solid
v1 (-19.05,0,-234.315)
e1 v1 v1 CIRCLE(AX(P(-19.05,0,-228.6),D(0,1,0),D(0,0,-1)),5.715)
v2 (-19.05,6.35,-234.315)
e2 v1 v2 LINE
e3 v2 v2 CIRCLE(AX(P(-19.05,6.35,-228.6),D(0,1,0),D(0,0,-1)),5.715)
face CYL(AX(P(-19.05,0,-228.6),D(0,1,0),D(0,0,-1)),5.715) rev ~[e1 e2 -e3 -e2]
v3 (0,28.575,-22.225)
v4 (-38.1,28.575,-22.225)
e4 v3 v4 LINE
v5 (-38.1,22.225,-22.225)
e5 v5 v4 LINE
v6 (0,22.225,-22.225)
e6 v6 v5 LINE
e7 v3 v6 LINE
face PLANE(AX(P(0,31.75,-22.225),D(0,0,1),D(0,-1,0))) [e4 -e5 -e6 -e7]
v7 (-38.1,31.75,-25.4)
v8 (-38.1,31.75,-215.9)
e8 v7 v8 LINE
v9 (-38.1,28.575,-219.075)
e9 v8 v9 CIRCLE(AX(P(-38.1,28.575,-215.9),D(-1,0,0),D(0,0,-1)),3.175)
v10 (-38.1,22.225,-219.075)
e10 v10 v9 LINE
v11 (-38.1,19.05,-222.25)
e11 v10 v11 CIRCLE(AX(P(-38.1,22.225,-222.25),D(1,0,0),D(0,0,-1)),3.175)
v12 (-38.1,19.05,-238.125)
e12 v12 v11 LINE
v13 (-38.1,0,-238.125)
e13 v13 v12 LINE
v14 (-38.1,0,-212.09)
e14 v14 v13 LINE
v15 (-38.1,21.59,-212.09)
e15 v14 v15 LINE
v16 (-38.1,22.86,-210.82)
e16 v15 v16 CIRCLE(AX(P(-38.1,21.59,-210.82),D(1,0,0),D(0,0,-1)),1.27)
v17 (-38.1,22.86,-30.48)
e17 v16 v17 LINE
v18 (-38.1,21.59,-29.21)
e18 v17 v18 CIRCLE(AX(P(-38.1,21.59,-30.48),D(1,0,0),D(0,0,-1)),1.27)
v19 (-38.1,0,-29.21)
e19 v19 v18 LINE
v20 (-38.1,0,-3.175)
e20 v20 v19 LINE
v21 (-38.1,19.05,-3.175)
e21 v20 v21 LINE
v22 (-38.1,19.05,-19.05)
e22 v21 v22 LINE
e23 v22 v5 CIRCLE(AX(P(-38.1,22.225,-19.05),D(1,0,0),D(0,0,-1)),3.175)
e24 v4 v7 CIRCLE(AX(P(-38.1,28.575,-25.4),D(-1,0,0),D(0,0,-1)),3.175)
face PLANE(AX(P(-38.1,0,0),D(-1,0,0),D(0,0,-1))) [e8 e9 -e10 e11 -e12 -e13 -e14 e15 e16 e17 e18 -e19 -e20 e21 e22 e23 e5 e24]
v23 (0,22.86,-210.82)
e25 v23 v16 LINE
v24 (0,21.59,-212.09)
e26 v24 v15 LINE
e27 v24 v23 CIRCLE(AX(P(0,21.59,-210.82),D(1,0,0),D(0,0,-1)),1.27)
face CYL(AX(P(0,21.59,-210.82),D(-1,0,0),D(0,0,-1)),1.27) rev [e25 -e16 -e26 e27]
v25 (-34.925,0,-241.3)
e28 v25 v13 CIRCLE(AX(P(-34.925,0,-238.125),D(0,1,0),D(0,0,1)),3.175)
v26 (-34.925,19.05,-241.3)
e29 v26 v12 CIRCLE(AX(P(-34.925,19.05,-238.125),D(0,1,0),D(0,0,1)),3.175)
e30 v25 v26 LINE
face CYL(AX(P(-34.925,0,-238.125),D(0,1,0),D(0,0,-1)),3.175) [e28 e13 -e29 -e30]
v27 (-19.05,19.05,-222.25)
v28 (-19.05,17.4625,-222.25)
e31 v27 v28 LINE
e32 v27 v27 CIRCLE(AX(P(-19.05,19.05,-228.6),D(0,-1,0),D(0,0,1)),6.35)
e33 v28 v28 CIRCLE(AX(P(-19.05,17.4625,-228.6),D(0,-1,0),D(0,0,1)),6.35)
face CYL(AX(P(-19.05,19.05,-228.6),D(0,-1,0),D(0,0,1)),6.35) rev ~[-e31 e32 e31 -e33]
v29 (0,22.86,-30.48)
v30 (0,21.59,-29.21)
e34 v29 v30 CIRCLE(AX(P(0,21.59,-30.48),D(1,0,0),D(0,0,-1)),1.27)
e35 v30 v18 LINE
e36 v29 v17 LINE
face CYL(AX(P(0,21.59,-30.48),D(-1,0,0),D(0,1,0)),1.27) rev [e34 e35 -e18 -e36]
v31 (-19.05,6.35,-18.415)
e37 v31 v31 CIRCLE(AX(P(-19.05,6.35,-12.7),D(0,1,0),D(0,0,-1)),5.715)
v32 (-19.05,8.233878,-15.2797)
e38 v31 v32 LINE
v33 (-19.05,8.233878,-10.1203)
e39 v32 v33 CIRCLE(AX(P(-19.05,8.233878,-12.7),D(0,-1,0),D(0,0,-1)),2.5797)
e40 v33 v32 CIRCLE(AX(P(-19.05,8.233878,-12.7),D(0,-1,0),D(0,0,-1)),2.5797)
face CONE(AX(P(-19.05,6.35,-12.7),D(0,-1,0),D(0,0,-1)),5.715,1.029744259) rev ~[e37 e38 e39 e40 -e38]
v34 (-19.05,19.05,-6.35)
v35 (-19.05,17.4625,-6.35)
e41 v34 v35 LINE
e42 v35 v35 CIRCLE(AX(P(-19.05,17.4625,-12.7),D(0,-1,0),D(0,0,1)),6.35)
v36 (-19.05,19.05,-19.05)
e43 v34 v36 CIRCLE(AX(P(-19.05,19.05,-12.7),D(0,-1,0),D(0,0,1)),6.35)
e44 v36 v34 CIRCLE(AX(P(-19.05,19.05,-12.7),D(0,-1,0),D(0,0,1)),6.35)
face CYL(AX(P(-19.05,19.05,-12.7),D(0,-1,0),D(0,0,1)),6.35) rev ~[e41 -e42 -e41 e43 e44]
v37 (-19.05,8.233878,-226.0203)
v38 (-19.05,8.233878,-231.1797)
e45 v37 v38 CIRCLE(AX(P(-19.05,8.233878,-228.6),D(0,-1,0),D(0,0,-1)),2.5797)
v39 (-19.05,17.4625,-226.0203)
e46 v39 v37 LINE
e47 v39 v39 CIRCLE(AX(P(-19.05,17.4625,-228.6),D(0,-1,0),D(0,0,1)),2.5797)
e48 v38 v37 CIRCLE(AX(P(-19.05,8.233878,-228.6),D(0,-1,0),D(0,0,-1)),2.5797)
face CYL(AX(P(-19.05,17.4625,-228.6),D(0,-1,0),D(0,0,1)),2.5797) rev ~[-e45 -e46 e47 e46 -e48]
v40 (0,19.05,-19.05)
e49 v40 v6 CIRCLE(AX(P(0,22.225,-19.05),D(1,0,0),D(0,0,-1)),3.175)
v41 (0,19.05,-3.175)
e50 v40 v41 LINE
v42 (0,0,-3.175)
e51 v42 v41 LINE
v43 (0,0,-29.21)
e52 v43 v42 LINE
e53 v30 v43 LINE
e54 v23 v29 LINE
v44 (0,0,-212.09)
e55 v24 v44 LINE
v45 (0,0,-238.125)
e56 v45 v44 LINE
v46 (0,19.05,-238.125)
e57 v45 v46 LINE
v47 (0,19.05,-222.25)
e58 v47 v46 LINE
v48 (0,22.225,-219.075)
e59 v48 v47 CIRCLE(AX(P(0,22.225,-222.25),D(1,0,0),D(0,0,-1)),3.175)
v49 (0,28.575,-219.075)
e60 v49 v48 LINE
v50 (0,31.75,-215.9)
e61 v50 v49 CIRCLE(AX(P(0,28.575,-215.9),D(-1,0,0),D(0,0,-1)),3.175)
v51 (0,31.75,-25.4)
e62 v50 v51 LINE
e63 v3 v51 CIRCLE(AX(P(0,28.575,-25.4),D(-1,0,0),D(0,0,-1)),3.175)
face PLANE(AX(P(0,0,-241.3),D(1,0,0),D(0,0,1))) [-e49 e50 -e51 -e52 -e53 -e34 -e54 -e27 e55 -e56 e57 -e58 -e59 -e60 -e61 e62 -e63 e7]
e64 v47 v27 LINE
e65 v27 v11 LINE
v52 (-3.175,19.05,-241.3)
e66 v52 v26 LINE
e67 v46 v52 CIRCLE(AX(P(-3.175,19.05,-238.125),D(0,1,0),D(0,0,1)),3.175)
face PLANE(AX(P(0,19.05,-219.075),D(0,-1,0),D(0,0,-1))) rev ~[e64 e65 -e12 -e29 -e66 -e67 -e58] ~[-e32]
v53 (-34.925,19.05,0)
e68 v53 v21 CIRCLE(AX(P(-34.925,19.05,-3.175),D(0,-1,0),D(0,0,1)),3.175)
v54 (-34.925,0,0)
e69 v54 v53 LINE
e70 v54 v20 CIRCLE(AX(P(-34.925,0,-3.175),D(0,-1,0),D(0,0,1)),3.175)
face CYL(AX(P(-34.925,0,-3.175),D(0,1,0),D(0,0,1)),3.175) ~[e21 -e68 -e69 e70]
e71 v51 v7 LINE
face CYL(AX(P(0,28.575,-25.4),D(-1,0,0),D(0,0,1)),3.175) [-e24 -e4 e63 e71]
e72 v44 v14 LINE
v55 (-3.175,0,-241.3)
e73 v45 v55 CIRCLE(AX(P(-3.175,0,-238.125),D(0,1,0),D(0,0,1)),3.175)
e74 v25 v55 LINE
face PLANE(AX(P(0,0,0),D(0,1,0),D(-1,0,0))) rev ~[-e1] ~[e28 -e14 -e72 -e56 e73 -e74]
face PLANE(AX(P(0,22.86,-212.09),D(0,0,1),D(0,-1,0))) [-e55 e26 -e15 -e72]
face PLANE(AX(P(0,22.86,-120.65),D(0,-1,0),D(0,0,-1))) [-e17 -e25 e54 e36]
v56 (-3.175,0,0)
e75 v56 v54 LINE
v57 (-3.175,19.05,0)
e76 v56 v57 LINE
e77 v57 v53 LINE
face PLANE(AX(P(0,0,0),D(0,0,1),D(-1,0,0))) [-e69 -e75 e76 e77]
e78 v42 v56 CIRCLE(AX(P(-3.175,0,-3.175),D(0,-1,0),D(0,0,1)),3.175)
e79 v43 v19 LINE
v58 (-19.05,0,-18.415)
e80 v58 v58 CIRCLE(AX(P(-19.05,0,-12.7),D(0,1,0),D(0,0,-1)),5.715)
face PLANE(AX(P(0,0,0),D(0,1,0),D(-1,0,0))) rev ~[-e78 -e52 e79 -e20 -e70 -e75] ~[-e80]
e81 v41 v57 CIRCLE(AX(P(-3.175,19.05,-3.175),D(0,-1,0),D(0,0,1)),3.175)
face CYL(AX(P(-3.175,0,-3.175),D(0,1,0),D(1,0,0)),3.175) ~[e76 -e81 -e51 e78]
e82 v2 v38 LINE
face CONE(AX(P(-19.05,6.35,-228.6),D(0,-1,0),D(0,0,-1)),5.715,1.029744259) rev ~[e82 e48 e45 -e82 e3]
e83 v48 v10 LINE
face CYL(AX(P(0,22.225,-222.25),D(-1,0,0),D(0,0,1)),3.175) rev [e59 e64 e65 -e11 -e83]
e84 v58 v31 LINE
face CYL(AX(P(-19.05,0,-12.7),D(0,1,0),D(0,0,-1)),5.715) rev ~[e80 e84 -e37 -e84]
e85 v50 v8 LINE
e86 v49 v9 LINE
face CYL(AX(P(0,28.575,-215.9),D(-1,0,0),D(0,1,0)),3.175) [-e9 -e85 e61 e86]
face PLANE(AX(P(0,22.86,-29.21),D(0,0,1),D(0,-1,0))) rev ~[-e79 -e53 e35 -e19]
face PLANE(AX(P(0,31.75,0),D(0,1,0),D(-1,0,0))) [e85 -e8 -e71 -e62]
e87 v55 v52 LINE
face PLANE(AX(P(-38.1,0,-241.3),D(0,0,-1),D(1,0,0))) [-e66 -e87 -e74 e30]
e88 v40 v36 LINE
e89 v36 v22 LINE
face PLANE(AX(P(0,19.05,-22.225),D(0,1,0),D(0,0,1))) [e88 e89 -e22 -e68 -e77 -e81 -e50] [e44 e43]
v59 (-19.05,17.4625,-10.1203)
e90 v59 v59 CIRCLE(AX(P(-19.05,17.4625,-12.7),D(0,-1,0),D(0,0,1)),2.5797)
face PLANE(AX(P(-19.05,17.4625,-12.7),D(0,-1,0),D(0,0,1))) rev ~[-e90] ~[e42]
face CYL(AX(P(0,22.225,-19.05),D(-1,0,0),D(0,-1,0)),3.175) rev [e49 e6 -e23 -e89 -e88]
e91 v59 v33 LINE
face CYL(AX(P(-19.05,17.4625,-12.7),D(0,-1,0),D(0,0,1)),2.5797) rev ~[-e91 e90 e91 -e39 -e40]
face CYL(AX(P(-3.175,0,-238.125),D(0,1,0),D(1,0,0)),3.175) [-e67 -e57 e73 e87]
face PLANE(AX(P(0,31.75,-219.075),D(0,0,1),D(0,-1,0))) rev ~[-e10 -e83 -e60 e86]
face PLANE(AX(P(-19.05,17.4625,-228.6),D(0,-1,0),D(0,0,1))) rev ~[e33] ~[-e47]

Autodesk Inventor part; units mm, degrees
ref_plane "YZ Plane" through (0, 0, 0) normal (1, 0, 0) x (0, 1, 0)
ref_plane "XZ Plane" through (0, 0, 0) normal (0, 1, 0) x (-1, 0, 0)
ref_plane "XY Plane" through (0, 0, 0) normal (0, 0, 1) x (1, 0, 0)
sketch "Sketch1" plane through (0, 0, 0) normal (0, 1, 0) x (-1, 0, 0)
  line L0 (0, 0) -> (38.1, 0)
  line L1 (38.1, 0) -> (38.1, -241.3)
  line L2 (38.1, -241.3) -> (0, -241.3)
  line L3 (0, -241.3) -> (0, 0)
  dimension "d0" = 38.1
  dimension "d1" = 241.3
extrude "Extrusion1" add sketch "Sketch1" along normal blind 31.75
sketch "Sketch2" plane through (0, 0, 0) normal (1, 0, 0) x (0, 0, -1)
  line L0 (241.3, 0) -> (0, 0) projected
  line L1 (120.65, 0) -> (120.65, 22.86)
  line L2 (120.65, 22.86) -> (212.09, 22.86)
  line L3 (241.3, 31.75) -> (0, 31.75) projected
  line L4 (120.65, 22.86) -> (29.21, 22.86)
  line L5 (29.21, 22.86) -> (29.21, 0)
  line L6 (212.09, 22.86) -> (212.09, 0)
  line L7 (212.09, 0) -> (29.21, 0)
  dimension "d4" = 22.86
  dimension "d5" = 91.44
  dimension "d7" = 91.44
extrude "Extrusion2" cut sketch "Sketch2" against normal through all
fillet "Fillet1" radius 1.27 2 edges at (-19.05, 22.86, -212.09) (-19.05, 22.86, -29.21)
sketch "Sketch5" plane through (0, 0, -241.3) normal (1, 0, 0) x (0, 0, -1)
  line L0 (0, 31.75) -> (-22.225, 31.75)
  line L1 (-22.225, 31.75) -> (-22.225, 19.05)
  line L2 (-22.225, 19.05) -> (0, 19.05)
  line L3 (0, 19.05) -> (0, 31.75)
  line L4 (-241.3, 0) -> (-241.3, 31.75) projected
  line L5 (-241.3, 31.75) -> (-219.075, 31.75)
  line L6 (-219.075, 31.75) -> (-219.075, 19.05)
  line L7 (-219.075, 19.05) -> (-241.3, 19.05)
  line L8 (-241.3, 19.05) -> (-241.3, 31.75)
  dimension "d29" = 22.225
  dimension "d30" = 12.7
  dimension "d31" = 22.225
  dimension "d32" = 12.7
extrude "Extrusion3" cut sketch "Sketch5" against normal through all
fillet "Fillet2" radius 3.175 4 edges at (-19.05, 19.05, -219.075) (-19.05, 31.75, -219.075) (-19.05, 31.75, -22.225) (-19.05, 19.05, -22.225)
sketch "Sketch6" plane through (-38.1, 19.05, -241.3) normal (0, 1, 0) x (1, 0, 0)
  line L0 (0, 0) -> (38.1, 0) projected
  line L1 (38.1, 0) -> (38.1, -19.05) projected
  point P0 (38.1, -241.3)
  point P1 (19.05, -12.7)
  dimension "d36" = 12.7
  dimension "d44" = 19.05
hole "Hole3" at (-19.05, 19.05, -228.6) direction (0, -1, 0) diameter 5.1594 end through all counterbore diameter 12.7 counterbore depth 1.5875
sketch "Sketch7" plane through (-38.1, 19.05, 0) normal (0, 1, 0) x (1, 0, 0)
  line L0 (38.1, 0) -> (0, 0) projected
  line L1 (38.1, 19.05) -> (38.1, 0) projected
  point P0 (19.05, 12.7)
  dimension "d45" = 12.7
  dimension "d46" = 19.05
hole "Hole4" at (-19.05, 19.05, -12.7) direction (0, -1, 0) diameter 5.1594 end through all counterbore diameter 12.7 counterbore depth 1.5875
fillet "Fillet3" radius 3.175 4 edges at (0, 9.525, 0) (-38.1, 9.525, 0) (0, 9.525, -241.3) (-38.1, 9.525, -241.3)
sketch "Sketch11" plane through (0, 0, 0) normal (0, -1, 0) x (1, 0, 0)
  circle A0 centre (-19.05, -228.6) radius 2.5797 projected
  point P0 (0, 0)
hole "Hole5" at (-19.05, 0, -228.6) direction (0, 1, 0) diameter 11.43 depth 6.35 tip angle 118
sketch "Sketch12" plane through (0, 0, 0) normal (0, -1, 0) x (1, 0, 0)
  circle A0 centre (-19.05, -12.7) radius 2.5797 projected
  point P0 (0, 0)
hole "Hole6" at (-19.05, 0, -12.7) direction (0, 1, 0) diameter 11.43 depth 6.35 tip angle 118
properties part number "Battery Strap"
